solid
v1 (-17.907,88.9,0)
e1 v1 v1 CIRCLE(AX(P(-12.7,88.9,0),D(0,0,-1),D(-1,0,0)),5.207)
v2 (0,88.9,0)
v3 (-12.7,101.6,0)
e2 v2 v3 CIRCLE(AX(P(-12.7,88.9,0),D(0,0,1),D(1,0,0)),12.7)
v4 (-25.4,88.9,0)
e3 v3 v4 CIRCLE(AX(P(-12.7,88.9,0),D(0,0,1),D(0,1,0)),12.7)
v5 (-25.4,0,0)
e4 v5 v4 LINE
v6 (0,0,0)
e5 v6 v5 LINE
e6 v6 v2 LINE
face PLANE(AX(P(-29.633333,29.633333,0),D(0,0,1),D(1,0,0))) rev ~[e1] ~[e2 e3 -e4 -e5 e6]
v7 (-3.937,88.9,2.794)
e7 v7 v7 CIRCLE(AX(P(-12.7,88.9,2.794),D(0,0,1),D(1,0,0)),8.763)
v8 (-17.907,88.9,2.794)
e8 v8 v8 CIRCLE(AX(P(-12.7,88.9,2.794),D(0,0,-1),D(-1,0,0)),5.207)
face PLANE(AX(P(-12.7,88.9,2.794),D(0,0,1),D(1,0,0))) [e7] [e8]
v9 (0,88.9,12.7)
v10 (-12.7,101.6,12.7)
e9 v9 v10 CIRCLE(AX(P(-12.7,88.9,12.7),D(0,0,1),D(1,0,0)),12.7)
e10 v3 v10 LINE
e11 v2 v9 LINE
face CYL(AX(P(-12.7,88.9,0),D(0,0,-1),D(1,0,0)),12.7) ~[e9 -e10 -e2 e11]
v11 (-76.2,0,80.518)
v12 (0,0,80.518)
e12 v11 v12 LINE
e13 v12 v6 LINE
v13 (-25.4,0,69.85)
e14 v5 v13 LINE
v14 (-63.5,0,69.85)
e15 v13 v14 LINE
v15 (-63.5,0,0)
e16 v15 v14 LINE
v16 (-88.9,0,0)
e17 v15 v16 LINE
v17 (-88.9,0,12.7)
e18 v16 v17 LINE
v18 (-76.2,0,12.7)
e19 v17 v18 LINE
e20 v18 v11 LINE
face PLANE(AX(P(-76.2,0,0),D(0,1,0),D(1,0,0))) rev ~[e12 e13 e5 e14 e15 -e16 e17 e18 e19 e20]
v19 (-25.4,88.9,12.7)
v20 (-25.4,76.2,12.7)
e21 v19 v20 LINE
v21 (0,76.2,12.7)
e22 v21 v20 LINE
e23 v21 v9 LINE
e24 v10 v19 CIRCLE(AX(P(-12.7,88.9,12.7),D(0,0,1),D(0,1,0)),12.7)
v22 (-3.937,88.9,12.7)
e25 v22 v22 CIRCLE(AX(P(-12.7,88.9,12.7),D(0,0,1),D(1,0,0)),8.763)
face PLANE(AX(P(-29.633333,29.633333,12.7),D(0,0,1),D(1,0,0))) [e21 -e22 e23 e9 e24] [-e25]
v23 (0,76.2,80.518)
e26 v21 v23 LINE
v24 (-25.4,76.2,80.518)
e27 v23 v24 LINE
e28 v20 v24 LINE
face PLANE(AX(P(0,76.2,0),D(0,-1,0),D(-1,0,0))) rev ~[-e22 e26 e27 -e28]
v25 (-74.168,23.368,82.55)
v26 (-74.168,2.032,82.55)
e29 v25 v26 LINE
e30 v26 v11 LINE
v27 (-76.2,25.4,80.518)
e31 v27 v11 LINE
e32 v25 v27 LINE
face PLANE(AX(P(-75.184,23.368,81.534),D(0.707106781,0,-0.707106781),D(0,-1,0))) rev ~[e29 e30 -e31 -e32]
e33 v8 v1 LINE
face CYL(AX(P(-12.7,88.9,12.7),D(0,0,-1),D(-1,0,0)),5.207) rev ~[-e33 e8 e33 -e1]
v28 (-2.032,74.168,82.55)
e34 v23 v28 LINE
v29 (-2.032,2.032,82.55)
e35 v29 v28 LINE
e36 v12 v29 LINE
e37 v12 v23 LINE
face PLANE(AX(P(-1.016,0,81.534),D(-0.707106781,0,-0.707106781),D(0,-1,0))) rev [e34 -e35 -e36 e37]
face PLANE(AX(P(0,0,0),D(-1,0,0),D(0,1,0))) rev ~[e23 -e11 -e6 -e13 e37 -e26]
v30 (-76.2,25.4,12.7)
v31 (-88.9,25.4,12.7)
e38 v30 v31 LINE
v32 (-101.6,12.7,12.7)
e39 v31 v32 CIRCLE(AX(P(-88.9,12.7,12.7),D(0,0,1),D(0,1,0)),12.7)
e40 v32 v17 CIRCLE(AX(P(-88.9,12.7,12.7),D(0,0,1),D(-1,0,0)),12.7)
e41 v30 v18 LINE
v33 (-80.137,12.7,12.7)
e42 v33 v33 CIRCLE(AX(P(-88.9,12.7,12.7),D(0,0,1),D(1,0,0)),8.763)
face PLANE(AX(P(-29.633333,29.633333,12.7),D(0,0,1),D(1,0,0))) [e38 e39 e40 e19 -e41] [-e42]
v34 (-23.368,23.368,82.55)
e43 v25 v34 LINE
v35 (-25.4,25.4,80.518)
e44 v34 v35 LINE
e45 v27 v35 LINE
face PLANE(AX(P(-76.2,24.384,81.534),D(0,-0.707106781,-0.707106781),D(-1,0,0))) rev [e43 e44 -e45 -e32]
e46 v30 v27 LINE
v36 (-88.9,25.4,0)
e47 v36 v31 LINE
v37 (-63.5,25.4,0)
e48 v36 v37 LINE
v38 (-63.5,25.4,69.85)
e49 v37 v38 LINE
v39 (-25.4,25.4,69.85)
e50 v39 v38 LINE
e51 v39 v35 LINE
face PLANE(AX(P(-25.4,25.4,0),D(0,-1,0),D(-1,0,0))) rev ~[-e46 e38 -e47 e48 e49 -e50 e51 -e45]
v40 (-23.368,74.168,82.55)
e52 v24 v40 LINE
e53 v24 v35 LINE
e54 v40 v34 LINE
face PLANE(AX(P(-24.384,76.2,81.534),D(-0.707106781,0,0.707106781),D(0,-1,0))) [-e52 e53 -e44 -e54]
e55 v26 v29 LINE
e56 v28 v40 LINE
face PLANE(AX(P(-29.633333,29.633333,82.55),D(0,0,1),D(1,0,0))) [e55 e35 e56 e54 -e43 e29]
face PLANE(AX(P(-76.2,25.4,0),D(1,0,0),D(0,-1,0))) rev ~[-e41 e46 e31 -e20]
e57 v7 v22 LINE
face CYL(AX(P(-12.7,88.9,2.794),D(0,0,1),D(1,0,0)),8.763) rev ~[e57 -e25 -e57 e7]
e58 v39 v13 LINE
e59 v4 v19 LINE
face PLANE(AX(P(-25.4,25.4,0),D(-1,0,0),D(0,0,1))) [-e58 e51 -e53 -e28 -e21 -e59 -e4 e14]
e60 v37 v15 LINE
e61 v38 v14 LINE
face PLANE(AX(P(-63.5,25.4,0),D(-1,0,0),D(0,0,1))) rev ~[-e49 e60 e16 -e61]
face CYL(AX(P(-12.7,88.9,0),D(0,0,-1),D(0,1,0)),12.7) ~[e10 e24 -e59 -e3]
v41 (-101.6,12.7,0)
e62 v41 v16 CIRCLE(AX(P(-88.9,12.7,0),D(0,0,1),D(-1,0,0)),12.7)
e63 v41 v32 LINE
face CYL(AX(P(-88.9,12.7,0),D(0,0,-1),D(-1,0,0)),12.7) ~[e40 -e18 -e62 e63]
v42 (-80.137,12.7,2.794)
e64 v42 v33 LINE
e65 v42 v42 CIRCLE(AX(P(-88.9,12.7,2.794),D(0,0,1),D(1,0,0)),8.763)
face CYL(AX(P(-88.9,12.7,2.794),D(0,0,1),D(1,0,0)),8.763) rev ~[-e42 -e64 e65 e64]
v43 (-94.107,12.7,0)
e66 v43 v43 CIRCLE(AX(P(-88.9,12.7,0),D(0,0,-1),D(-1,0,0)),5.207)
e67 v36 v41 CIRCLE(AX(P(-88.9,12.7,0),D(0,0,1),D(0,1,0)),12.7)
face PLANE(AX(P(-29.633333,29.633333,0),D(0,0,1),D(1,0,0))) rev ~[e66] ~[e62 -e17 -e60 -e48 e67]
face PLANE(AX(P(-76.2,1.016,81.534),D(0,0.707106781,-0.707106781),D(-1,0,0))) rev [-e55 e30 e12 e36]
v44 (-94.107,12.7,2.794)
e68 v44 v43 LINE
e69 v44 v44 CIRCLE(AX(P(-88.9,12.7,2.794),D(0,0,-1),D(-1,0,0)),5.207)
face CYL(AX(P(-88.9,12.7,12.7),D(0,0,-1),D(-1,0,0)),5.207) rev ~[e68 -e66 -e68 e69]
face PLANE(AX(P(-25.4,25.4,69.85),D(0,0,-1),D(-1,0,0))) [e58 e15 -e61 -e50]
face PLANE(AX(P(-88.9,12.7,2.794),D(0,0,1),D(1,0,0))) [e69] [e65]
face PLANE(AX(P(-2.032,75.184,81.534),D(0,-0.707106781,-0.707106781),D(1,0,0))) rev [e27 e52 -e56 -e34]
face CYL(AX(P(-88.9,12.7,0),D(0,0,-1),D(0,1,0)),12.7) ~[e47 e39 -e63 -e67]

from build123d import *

# Parameters (mm, degrees)
F1_DEPTH       = 82.55
F2_DEPTH       = 12.7
F4_D           = 10.414
F4_CBORE_D     = 17.526
F4_CBORE_DEPTH = 9.906
F6_D           = 10.414
F6_CBORE_D     = 17.526
F6_CBORE_DEPTH = 9.906
F7_W           = 38.1
F7_H           = 69.85
F8_DEPTH       = 25.4
F9_SIZE        = 2.032
F10_SIZE       = 2.032
F11_SIZE       = 2.032
F12_SIZE       = 2.032
F13_SIZE       = 2.032
F14_SIZE       = 2.032


with BuildPart() as f1:
    # F0 (on Top) → F1 (new body)
    with BuildSketch(Plane.XY):
        Polygon((-72.4953562021, 0), (0, 0), (0, 76.2), (-25.4, 76.2), (-25.4, 25.4), (-63.5, 25.4), (-76.2, 25.4), (-76.2, 0), align=None)
    extrude(amount=F1_DEPTH)

    # F0 (on Top) → F2 (join)
    with BuildSketch(Plane.XY):
        Polygon((-72.4953562021, 0), (0, 0), (0, 76.2), (-25.4, 76.2), (-25.4, 25.4), (-63.5, 25.4), (-76.2, 25.4), (-76.2, 0), align=None)
        with BuildLine():
            Line((-25.4, 76.2), (0, 76.2))
            Line((0, 76.2), (0, 88.9))
            ThreePointArc((0, 88.9), (-3.7197438789, 97.8802561211), (-12.7, 101.6))
            ThreePointArc((-12.7, 101.6), (-21.6802561211, 97.8802561211), (-25.4, 88.9))
            Line((-25.4, 88.9), (-25.4, 76.2))
        make_face()
        with BuildLine():
            Line((-88.9, 0), (-76.2, 0))
            Line((-76.2, 0), (-76.2, 25.4))
            Line((-76.2, 25.4), (-88.9, 25.4))
            ThreePointArc((-88.9, 25.4), (-97.8802561211, 21.6802561211), (-101.6, 12.7))
            ThreePointArc((-101.6, 12.7), (-97.8802561211, 3.7197438789), (-88.9, 0))
        make_face()
    extrude(amount=F2_DEPTH)

    # F4 (through all)
    with Locations(Plane.XY.offset(12.7)):
        with Locations((-12.7, 88.9)):
            CounterBoreHole(F4_D / 2, F4_CBORE_D / 2, F4_CBORE_DEPTH)

    # F6 (through all)
    with Locations(Plane.XY.offset(12.7)):
        with Locations((-88.9, 12.7)):
            CounterBoreHole(F6_D / 2, F6_CBORE_D / 2, F6_CBORE_DEPTH)

    # F7 (on face) → F8 (cut)
    with BuildSketch(Plane(origin=(0, 25.4, 0), x_dir=(-1, 0, 0), z_dir=(0, 1, 0))):
        with Locations((44.45, 34.925)):
            Rectangle(F7_W, F7_H)
    extrude(amount=-F8_DEPTH, mode=Mode.SUBTRACT)

    # F9
    f9_edges = [f1.edges().sort_by_distance(p)[0] for p in [
        (0, 38.1, 82.55),
    ]]
    chamfer(f9_edges, length=F9_SIZE)

    # F10
    f10_edges = [f1.edges().sort_by_distance(p)[0] for p in [
        (-39.116, 0, 82.55),
    ]]
    chamfer(f10_edges, length=F10_SIZE)

    # F11
    f11_edges = [f1.edges().sort_by_distance(p)[0] for p in [
        (-25.4, 50.8, 82.55),
    ]]
    chamfer(f11_edges, length=F11_SIZE)

    # F12
    f12_edges = [f1.edges().sort_by_distance(p)[0] for p in [
        (-50.8, 25.4, 82.55),
    ]]
    chamfer(f12_edges, length=F12_SIZE)

    # F13
    f13_edges = [f1.edges().sort_by_distance(p)[0] for p in [
        (-12.7, 76.2, 82.55),
    ]]
    chamfer(f13_edges, length=F13_SIZE)

    # F14
    f14_edges = [f1.edges().sort_by_distance(p)[0] for p in [
        (-76.2, 12.7, 82.55),
    ]]
    chamfer(f14_edges, length=F14_SIZE)


solid = f1.part
